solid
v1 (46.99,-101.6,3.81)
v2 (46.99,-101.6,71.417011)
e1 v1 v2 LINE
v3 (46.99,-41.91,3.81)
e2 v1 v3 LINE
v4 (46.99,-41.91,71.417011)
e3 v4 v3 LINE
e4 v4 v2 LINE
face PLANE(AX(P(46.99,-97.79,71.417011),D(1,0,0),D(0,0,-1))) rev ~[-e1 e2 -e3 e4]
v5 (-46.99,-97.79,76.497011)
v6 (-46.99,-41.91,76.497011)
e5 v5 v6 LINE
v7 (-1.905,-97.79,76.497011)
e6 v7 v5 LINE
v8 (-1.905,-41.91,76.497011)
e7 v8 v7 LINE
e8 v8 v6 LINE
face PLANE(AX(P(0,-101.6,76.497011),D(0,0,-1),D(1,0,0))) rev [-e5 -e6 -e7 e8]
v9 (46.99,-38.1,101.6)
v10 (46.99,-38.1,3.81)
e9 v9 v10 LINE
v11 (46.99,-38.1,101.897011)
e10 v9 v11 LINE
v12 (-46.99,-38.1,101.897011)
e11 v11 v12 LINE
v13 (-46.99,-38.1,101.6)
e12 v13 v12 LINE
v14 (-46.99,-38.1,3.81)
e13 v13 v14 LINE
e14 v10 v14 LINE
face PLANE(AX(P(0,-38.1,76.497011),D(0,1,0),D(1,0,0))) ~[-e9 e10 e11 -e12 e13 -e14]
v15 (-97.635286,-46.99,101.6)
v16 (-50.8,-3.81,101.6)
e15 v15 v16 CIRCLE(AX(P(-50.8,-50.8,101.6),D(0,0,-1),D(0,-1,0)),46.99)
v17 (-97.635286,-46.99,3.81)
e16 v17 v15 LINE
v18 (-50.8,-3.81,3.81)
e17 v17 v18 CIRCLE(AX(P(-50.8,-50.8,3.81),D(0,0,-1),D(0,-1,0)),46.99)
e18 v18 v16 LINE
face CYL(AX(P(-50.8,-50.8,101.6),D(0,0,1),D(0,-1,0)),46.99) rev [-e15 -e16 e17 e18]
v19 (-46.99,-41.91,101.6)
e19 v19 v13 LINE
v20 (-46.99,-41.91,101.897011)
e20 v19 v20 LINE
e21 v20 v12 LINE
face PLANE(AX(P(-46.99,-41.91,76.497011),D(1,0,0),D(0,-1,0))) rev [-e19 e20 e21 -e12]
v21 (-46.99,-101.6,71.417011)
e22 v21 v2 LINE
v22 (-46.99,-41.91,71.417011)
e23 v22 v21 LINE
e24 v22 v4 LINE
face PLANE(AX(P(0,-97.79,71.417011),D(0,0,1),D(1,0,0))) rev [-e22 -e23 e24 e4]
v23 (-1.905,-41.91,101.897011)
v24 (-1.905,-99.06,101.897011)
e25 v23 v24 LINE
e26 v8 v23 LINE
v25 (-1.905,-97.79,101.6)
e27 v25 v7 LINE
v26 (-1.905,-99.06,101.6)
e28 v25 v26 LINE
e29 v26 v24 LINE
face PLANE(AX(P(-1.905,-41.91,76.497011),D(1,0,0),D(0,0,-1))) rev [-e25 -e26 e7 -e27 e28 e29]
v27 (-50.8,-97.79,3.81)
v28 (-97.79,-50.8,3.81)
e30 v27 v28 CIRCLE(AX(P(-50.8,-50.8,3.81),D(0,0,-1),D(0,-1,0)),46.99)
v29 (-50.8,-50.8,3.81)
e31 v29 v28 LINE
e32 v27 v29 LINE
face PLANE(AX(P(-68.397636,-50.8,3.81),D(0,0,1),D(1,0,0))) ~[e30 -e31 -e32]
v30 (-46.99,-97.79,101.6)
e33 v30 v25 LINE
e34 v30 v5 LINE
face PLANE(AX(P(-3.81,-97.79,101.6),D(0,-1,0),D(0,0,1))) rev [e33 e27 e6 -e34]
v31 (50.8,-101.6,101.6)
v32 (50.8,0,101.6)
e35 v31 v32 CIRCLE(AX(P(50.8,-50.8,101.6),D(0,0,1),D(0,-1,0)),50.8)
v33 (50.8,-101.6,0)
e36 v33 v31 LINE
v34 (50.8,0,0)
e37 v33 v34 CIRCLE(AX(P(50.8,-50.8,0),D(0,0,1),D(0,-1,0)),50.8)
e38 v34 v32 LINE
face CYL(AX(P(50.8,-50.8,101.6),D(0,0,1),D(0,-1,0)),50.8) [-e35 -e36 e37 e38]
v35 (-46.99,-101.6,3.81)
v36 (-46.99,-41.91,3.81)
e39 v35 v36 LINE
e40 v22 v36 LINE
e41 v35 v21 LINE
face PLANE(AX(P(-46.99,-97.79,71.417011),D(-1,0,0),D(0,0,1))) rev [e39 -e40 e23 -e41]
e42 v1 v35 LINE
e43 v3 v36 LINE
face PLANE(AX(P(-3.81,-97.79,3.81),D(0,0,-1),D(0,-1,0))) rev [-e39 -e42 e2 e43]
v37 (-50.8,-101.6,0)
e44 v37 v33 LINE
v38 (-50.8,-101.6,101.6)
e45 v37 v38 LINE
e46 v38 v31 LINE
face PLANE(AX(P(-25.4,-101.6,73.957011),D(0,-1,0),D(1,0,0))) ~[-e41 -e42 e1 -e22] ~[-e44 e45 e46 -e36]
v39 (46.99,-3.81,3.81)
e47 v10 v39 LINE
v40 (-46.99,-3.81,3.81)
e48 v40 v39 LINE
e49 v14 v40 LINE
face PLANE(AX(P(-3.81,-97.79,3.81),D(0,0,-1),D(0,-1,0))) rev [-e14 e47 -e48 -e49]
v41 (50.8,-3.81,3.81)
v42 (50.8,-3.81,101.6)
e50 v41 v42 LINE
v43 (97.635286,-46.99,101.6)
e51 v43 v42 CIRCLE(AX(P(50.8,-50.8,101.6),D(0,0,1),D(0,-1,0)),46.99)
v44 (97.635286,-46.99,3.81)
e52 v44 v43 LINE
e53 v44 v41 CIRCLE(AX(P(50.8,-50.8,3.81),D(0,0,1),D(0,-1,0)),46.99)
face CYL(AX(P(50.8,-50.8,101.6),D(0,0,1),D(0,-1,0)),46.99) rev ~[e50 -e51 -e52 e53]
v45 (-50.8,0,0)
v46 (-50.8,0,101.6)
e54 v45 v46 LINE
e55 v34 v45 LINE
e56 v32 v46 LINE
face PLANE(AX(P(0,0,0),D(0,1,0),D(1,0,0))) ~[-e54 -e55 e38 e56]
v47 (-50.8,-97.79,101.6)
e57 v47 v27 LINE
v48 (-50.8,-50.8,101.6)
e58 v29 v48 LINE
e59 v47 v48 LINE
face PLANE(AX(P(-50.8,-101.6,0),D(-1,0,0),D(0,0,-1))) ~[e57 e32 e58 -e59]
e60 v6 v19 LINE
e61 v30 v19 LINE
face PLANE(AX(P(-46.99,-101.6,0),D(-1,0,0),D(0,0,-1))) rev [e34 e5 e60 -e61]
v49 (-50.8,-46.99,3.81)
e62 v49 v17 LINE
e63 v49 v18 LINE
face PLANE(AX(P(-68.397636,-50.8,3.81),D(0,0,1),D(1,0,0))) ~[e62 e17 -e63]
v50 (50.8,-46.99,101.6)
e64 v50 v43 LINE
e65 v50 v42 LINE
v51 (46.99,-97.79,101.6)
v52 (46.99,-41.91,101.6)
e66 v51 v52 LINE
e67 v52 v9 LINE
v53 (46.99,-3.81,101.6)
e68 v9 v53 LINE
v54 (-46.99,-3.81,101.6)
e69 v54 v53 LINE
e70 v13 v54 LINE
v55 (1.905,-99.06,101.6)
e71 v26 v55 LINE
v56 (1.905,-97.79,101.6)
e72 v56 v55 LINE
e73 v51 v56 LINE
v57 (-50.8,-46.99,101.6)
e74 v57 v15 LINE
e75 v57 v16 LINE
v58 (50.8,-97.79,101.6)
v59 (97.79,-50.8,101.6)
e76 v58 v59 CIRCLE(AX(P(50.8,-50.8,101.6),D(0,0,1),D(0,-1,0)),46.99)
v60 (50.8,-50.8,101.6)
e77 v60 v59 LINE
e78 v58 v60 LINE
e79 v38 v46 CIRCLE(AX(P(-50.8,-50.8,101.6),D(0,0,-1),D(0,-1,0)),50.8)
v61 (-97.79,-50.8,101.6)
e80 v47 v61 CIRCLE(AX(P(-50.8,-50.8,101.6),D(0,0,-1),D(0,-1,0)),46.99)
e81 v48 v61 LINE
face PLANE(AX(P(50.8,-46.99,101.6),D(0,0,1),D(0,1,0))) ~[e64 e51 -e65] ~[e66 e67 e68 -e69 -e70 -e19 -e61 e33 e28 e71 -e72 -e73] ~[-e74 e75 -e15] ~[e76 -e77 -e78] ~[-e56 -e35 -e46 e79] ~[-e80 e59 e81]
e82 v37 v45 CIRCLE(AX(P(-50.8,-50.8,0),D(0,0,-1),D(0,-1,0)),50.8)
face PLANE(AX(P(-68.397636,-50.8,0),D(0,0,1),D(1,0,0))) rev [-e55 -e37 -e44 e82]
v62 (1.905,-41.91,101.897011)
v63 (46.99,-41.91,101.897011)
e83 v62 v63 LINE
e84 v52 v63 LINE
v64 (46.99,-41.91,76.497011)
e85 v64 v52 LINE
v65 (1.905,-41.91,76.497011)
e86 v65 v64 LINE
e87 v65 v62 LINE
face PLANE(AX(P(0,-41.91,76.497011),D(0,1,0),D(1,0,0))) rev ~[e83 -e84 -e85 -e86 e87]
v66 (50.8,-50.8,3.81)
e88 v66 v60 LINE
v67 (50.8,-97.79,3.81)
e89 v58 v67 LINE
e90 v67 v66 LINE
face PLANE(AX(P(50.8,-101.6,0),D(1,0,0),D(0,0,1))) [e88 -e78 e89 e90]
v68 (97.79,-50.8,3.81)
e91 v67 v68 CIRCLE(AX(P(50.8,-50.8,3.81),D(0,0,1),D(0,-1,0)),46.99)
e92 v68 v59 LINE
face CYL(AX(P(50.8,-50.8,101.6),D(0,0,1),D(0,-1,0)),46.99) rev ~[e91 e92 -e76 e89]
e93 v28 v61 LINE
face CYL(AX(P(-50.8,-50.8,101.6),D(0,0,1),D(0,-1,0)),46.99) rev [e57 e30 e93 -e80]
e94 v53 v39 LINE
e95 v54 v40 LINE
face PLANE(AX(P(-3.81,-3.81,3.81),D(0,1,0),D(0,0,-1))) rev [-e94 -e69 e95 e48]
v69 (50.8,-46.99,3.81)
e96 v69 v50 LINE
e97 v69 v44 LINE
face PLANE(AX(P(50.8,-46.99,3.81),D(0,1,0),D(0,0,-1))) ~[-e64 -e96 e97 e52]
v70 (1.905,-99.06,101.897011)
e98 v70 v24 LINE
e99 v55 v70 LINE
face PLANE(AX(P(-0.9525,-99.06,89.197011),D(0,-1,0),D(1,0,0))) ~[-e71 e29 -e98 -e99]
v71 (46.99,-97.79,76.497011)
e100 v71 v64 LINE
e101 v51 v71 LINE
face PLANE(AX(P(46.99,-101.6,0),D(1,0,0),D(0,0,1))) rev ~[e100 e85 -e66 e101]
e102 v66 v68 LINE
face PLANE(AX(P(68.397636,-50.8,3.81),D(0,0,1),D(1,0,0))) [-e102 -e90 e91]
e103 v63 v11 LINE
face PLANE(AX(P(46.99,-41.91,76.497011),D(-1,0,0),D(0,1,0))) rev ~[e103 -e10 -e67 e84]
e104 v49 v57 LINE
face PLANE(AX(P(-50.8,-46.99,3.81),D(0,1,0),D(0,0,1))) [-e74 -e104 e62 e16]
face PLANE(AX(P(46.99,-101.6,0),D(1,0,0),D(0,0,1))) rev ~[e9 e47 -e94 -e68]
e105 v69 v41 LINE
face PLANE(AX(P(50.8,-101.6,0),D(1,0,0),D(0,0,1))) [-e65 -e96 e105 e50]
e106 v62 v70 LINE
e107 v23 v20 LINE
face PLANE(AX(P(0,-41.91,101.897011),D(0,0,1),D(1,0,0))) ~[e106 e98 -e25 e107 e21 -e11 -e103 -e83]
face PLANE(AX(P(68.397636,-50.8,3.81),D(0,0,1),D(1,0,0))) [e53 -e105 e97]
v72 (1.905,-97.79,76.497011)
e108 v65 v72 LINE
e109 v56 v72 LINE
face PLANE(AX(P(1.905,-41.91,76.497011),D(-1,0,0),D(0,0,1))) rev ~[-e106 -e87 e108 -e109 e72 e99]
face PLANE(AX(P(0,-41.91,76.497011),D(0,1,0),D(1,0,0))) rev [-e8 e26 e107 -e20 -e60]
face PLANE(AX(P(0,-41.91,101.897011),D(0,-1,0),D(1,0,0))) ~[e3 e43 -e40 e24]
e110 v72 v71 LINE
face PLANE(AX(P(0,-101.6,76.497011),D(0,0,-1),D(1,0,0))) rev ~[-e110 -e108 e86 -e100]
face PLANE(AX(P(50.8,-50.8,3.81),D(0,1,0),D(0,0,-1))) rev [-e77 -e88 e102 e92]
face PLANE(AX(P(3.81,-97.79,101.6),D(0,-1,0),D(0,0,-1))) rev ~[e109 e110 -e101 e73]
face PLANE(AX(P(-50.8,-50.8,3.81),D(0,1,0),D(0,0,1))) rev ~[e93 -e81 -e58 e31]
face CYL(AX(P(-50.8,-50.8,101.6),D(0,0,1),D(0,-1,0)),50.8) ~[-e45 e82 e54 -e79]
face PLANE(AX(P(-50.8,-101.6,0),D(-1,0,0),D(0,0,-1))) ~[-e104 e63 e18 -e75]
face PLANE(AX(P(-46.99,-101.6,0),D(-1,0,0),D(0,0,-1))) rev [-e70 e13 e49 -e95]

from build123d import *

# Parameters (mm, degrees)
F0_W      = 50.8
F0_H      = 101.6
F1_DEPTH  = 101.6
F4_DEPTH  = 101.6
F5_T      = -3.81
F6_W      = 3.81
F6_H      = 101.6
F7_DEPTH  = 101.6
F8_DEPTH  = 25.4
F9_W      = 50.8
F9_H      = 5.08
F10_DEPTH = 63.5
F11_W     = 46.99
F11_H     = 3.81
F12_DEPTH = 25.4
F13_DEPTH = 101.6
F14_DEPTH = 25.4
F15_W     = 1.905
F15_H     = 25.4
F16_DEPTH = 57.15
F18_W     = 3.81
F18_H     = 97.79
F19_DEPTH = 49.53


with BuildPart() as f1:
    # F0 (on Top) → F1 (new body)
    with BuildSketch(Plane.XY):
        with Locations((25.4, -50.8)):
            Rectangle(F0_W, F0_H)
    extrude(amount=F1_DEPTH)

    # F2 (on face) → F4 (join)
    with BuildSketch(Plane.XY.offset(101.6)):
        with BuildLine():
            Line((50.8, 0), (50.8, -101.6))
            ThreePointArc((50.8, -101.6), (101.6, -50.8), (50.8, 0))
        make_face()
    extrude(amount=-F4_DEPTH)

    # F5
    f5_openings = [f1.faces().sort_by_distance(p)[0] for p in [
        (46.057827, -50.8, 101.6),
    ]]
    offset(amount=F5_T, openings=f5_openings)

    # F6 (on face) → F7 (join)
    with BuildSketch(Plane.XZ.offset(101.6)):
        with Locations((48.895, 50.8)):
            Rectangle(F6_W, F6_H)
    extrude(amount=-F7_DEPTH)

    # F8 (cut): a face of the model
    f8_faces = [f1.faces().sort_by_distance(p)[0] for p in [
        (3.81, -50.8, 52.705),
    ]]
    extrude(f8_faces, amount=-F8_DEPTH, mode=Mode.SUBTRACT)

    # F9 (on face) → F10 (join)
    with BuildSketch(Plane.XZ.offset(101.6)):
        with Locations((25.4, 73.9570113206)):
            Rectangle(F9_W, F9_H)
    extrude(amount=-F10_DEPTH)

    # F11 (on face) → F12 (join)
    with BuildSketch(Plane.XY.offset(76.4970113206)):
        with Locations((23.495, -40.005)):
            Rectangle(F11_W, F11_H)
    extrude(amount=F12_DEPTH)

    # F13 (add): a face of the model
    f13_faces = [f1.faces().sort_by_distance(p)[0] for p in [
        (23.495, -40.005, 101.8970113206),
    ]]
    extrude(f13_faces, amount=-F13_DEPTH)

    # F14 (cut): a face of the model
    f14_faces = [f1.faces().sort_by_distance(p)[0] for p in [
        (23.495, -97.79, 37.6135056603),
    ]]
    extrude(f14_faces, amount=-F14_DEPTH, mode=Mode.SUBTRACT)

    # F15 (on face) → F16 (join)
    with BuildSketch(Plane.XZ.offset(41.91)):
        with Locations((0.9525, 89.1970113206)):
            Rectangle(F15_W, F15_H)
    extrude(amount=F16_DEPTH)

    # F17: F1 across plane


with BuildPart() as f1_1:
    add(f1.part)
    add(f1.part.mirror(Plane.YZ))

    # F18 (on face) → F19 (join)
    with BuildSketch(Plane(origin=(-50.8, 0, 0), x_dir=(0, -1, 0), z_dir=(-1, 0, 0))):
        with Locations((48.895, 52.705)):
            Rectangle(F18_W, F18_H)
    extrude(amount=F19_DEPTH)

    # F20: F1 across plane


with BuildPart() as f1_2:
    add(f1_1.part)
    add(f1_1.part.mirror(Plane.YZ))


solid = f1_2.part
